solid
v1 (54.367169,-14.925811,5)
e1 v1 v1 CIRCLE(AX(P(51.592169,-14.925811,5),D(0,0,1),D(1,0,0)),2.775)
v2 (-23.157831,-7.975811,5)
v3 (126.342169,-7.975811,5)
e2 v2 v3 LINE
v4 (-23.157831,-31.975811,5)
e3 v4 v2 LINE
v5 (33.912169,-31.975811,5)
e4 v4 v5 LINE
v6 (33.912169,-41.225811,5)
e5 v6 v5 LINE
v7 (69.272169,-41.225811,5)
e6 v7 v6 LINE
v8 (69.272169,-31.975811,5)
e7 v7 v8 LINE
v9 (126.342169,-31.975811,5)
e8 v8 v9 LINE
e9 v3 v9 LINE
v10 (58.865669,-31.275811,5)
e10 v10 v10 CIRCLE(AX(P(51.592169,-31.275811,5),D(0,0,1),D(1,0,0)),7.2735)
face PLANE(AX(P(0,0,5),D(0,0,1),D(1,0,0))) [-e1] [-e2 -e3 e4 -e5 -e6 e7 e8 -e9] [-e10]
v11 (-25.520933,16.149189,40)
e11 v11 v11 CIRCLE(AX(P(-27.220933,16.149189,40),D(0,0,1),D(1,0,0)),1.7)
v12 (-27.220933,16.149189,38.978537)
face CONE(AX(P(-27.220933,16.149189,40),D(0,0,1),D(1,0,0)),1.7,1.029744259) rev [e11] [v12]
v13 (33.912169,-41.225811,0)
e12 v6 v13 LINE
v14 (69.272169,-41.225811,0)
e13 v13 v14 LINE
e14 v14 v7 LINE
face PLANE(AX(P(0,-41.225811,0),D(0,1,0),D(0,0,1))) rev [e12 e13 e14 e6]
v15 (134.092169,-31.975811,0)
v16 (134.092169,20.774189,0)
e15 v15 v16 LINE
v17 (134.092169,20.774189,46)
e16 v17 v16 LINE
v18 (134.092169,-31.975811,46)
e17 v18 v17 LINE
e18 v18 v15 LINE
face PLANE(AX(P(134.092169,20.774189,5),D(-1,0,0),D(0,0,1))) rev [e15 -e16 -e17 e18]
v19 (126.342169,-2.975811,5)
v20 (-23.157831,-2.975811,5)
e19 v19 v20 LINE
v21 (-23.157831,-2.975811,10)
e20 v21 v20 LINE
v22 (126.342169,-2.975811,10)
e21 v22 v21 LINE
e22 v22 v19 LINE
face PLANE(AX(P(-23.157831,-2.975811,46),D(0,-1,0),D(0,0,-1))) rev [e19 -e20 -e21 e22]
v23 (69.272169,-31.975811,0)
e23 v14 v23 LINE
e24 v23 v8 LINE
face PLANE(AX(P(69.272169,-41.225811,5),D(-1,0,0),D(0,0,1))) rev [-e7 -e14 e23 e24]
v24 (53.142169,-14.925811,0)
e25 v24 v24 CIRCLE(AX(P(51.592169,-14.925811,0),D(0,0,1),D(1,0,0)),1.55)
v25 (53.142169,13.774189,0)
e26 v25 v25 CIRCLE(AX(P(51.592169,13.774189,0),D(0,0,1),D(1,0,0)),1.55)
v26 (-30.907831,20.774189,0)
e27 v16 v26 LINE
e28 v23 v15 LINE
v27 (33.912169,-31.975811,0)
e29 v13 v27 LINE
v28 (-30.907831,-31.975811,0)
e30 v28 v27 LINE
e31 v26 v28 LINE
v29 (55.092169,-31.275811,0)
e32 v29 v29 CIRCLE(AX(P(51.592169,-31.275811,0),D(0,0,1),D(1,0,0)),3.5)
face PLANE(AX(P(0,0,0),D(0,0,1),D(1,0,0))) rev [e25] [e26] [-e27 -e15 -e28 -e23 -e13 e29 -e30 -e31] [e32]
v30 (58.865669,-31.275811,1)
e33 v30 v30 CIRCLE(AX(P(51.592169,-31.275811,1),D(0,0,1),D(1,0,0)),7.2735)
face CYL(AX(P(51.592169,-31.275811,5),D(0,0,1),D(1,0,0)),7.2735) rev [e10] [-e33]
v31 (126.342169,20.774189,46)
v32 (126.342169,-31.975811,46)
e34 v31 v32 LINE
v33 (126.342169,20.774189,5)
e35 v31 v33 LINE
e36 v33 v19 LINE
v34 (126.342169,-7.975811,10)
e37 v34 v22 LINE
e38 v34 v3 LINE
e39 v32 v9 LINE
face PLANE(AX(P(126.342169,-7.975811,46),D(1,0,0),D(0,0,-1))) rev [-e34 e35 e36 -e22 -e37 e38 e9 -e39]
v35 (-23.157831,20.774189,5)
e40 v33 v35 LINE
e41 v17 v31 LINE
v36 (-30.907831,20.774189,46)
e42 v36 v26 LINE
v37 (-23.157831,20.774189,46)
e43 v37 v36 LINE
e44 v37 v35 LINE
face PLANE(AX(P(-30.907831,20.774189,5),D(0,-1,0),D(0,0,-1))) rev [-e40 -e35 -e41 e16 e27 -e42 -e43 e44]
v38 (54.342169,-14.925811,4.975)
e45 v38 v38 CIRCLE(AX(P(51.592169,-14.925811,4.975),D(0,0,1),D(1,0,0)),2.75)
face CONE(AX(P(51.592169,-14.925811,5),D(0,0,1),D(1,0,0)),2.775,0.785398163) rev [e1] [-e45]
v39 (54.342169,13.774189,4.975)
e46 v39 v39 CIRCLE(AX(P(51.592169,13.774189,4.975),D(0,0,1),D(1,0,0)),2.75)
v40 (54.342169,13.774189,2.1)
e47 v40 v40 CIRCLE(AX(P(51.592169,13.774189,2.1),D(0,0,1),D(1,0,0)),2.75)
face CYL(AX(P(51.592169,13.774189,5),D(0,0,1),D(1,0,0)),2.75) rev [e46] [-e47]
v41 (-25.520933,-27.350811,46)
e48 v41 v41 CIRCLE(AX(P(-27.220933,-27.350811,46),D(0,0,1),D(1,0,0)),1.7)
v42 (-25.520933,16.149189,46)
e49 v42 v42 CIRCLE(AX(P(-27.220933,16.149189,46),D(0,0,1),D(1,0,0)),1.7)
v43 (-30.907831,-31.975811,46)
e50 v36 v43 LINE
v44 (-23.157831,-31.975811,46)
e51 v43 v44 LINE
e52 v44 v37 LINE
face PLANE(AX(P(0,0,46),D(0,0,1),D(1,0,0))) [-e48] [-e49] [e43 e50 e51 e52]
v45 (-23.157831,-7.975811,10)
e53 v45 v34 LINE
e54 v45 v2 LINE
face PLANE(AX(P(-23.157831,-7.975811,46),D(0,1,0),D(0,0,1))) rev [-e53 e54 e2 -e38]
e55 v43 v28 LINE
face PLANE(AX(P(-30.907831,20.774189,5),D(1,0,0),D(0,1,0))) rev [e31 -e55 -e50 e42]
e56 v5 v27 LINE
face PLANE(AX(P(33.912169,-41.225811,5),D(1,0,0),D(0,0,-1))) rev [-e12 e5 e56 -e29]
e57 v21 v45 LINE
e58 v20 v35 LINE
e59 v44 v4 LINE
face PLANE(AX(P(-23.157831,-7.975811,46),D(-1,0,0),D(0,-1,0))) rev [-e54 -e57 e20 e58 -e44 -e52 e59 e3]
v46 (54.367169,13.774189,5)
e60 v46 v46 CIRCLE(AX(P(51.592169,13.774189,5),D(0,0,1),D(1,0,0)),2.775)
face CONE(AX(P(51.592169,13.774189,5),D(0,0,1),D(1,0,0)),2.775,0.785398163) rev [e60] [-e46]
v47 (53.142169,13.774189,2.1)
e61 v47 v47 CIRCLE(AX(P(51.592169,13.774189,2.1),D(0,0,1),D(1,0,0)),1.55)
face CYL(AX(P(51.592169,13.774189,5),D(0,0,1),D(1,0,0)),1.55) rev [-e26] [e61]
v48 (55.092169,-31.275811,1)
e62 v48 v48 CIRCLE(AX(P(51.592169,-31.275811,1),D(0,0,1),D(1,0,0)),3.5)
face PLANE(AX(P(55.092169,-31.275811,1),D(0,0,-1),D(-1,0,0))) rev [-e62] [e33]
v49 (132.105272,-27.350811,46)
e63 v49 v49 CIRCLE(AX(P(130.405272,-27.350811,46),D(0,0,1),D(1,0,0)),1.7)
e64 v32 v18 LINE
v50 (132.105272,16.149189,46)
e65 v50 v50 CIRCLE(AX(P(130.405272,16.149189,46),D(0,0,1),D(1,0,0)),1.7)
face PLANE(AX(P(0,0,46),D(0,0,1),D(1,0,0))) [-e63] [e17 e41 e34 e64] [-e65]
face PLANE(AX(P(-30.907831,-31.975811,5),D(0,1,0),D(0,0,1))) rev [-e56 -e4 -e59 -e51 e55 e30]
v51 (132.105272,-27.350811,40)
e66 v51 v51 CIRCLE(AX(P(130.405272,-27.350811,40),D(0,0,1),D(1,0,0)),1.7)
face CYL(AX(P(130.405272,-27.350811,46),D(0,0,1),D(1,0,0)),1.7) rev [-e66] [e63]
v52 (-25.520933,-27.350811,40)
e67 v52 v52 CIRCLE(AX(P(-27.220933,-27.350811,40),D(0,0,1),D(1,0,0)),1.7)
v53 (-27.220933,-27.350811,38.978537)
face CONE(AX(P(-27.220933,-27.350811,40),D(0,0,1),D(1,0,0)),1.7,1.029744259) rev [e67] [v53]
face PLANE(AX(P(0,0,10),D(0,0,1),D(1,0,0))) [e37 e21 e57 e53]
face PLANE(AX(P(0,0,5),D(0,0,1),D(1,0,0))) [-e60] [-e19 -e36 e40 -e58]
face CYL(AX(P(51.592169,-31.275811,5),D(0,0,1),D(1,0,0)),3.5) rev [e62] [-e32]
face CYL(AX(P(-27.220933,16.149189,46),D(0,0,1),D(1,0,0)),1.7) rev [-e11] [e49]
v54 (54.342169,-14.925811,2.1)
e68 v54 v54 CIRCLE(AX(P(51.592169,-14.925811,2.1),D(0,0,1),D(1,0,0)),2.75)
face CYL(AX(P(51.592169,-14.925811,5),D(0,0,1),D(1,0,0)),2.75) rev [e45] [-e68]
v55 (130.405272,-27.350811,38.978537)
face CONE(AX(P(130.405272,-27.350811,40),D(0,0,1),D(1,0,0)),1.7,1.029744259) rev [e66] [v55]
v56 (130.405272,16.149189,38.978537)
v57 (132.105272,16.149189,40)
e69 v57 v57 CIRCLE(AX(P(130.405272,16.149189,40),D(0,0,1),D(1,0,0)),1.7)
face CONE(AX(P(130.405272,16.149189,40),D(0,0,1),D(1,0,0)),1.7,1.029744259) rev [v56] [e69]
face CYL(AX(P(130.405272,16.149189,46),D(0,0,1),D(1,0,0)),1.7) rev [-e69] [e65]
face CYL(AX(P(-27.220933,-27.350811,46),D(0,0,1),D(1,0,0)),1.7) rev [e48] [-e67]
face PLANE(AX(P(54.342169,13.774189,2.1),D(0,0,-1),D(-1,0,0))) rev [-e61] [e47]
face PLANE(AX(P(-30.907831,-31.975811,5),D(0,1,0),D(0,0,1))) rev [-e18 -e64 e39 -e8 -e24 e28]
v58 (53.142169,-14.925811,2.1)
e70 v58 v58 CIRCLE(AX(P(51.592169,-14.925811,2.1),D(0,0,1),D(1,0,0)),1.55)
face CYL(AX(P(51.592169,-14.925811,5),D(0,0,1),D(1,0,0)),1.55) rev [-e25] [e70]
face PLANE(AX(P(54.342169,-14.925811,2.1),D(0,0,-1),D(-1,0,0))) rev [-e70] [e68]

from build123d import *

# Parameters (mm, degrees)
ESQUISSE1_W                                        = 165
ESQUISSE1_H                                        = 52.75
BOSS_EXTRU_1_DEPTH                                 = 5
BOSS_EXTRU_2_DEPTH                                 = 41
ESQUISSE3_W                                        = 149.5
ESQUISSE3_H                                        = 5
ENL_V_MAT_EXTRU_1_DEPTH                            = 36
D_GAGEMENT_M31_D                                   = 3.4
D_GAGEMENT_M31_DEPTH                               = 6
D_GAGEMENT_M31_TIP                                 = 1.021463052
CHAMBRAGE_POUR_VIS_SIX_PANS_CREUX_2_COUNT          = 2
CHAMBRAGE_POUR_VIS_SIX_PANS_CREUX_2_PITCH          = 28.7
SKETCH7_W                                          = 35.36
SKETCH7_H                                          = 5
BOSS_EXTRUDE1_DEPTH                                = 9.25
CHAMBRAGE_POUR_VIS_T_TE_HEXAGONALE_M61_D           = 7
CHAMBRAGE_POUR_VIS_T_TE_HEXAGONALE_M61_CBORE_D     = 14.547
CHAMBRAGE_POUR_VIS_T_TE_HEXAGONALE_M61_CBORE_DEPTH = 4


with BuildPart() as part:
    # Esquisse1 → Boss.-Extru.1 (new body)
    with BuildSketch(Plane.XY):
        with Locations((51.592169311, -5.600810811)):
            Rectangle(ESQUISSE1_W, ESQUISSE1_H)
    extrude(amount=BOSS_EXTRU_1_DEPTH)

    # Esquisse2 → Boss.-Extru.2 (add)
    with BuildSketch(Plane.XY.offset(5)):
        Polygon((-30.907830689, 20.774189189), (-23.157830689, 20.774189189), (-23.157830689, -2.975810811), (126.342169311, -2.975810811), (126.342169311, 20.774189189), (134.092169311, 20.774189189), (134.092169311, -31.975810811), (126.342169311, -31.975810811), (126.342169311, -7.975810811), (-23.157830689, -7.975810811), (-23.157830689, -31.975810811), (-30.907830689, -31.975810811), align=None)
    extrude(amount=BOSS_EXTRU_2_DEPTH)

    # Esquisse3 → Enlèv. mat.-Extru.1 (cut)
    with BuildSketch(Plane.XY.offset(46)):
        with Locations((51.592169311, -5.475810811)):
            Rectangle(ESQUISSE3_W, ESQUISSE3_H)
    extrude(amount=-ENL_V_MAT_EXTRU_1_DEPTH, mode=Mode.SUBTRACT)

    # Dégagement M31
    with Locations(Plane.XY.offset(46)):
        with Locations((-27.220932929, 16.149189189), (130.405271551, 16.149189189), (130.405271551, -27.350810811), (-27.220932929, -27.350810811)):
            Hole(D_GAGEMENT_M31_D / 2, depth=D_GAGEMENT_M31_DEPTH)
            with Locations((0, 0, -(D_GAGEMENT_M31_DEPTH + D_GAGEMENT_M31_TIP / 2))):  # 118° drill point
                Cone(0, D_GAGEMENT_M31_D / 2, D_GAGEMENT_M31_TIP, mode=Mode.SUBTRACT)

    # Sketch5 → Chambrage pour vis à six pans creux M2.51 (revolve, cut)
    with BuildSketch(Plane(origin=(51.592169311, 13.774189189, 5), x_dir=(0, -1, 0), z_dir=(1, 0, 0))):
        Polygon((0, 0), (0, 5), (1.55, 5), (1.55, 2.9), (2.75, 2.9), (2.75, 0.025), (2.775, 0), align=None)
    chambrage_pour_vis_six_pans_creux_m2_5 = revolve(axis=Axis((51.592169311, 13.774189189, 11.35), (0, 0, -1)), mode=Mode.SUBTRACT)

    # Chambrage pour vis _ six pans creux  2: Chambrage pour vis à six pans creux M2.51 ×2
    with Locations(*[(0, -i * CHAMBRAGE_POUR_VIS_SIX_PANS_CREUX_2_PITCH, 0) for i in range(1, CHAMBRAGE_POUR_VIS_SIX_PANS_CREUX_2_COUNT)]):
        add(chambrage_pour_vis_six_pans_creux_m2_5, mode=Mode.SUBTRACT)

    # Sketch7 → Boss-Extrude1 (add)
    with BuildSketch(Plane.XZ.offset(31.975810811)):
        with Locations((51.592169311, 2.5)):
            Rectangle(SKETCH7_W, SKETCH7_H)
    extrude(amount=BOSS_EXTRUDE1_DEPTH)

    # Chambrage pour vis à tête hexagonale M61 (through all)
    with Locations(Plane.XY.offset(5)):
        with Locations((51.592169311, -31.275810811)):
            CounterBoreHole(CHAMBRAGE_POUR_VIS_T_TE_HEXAGONALE_M61_D / 2, CHAMBRAGE_POUR_VIS_T_TE_HEXAGONALE_M61_CBORE_D / 2, CHAMBRAGE_POUR_VIS_T_TE_HEXAGONALE_M61_CBORE_DEPTH)


solid = part.part
